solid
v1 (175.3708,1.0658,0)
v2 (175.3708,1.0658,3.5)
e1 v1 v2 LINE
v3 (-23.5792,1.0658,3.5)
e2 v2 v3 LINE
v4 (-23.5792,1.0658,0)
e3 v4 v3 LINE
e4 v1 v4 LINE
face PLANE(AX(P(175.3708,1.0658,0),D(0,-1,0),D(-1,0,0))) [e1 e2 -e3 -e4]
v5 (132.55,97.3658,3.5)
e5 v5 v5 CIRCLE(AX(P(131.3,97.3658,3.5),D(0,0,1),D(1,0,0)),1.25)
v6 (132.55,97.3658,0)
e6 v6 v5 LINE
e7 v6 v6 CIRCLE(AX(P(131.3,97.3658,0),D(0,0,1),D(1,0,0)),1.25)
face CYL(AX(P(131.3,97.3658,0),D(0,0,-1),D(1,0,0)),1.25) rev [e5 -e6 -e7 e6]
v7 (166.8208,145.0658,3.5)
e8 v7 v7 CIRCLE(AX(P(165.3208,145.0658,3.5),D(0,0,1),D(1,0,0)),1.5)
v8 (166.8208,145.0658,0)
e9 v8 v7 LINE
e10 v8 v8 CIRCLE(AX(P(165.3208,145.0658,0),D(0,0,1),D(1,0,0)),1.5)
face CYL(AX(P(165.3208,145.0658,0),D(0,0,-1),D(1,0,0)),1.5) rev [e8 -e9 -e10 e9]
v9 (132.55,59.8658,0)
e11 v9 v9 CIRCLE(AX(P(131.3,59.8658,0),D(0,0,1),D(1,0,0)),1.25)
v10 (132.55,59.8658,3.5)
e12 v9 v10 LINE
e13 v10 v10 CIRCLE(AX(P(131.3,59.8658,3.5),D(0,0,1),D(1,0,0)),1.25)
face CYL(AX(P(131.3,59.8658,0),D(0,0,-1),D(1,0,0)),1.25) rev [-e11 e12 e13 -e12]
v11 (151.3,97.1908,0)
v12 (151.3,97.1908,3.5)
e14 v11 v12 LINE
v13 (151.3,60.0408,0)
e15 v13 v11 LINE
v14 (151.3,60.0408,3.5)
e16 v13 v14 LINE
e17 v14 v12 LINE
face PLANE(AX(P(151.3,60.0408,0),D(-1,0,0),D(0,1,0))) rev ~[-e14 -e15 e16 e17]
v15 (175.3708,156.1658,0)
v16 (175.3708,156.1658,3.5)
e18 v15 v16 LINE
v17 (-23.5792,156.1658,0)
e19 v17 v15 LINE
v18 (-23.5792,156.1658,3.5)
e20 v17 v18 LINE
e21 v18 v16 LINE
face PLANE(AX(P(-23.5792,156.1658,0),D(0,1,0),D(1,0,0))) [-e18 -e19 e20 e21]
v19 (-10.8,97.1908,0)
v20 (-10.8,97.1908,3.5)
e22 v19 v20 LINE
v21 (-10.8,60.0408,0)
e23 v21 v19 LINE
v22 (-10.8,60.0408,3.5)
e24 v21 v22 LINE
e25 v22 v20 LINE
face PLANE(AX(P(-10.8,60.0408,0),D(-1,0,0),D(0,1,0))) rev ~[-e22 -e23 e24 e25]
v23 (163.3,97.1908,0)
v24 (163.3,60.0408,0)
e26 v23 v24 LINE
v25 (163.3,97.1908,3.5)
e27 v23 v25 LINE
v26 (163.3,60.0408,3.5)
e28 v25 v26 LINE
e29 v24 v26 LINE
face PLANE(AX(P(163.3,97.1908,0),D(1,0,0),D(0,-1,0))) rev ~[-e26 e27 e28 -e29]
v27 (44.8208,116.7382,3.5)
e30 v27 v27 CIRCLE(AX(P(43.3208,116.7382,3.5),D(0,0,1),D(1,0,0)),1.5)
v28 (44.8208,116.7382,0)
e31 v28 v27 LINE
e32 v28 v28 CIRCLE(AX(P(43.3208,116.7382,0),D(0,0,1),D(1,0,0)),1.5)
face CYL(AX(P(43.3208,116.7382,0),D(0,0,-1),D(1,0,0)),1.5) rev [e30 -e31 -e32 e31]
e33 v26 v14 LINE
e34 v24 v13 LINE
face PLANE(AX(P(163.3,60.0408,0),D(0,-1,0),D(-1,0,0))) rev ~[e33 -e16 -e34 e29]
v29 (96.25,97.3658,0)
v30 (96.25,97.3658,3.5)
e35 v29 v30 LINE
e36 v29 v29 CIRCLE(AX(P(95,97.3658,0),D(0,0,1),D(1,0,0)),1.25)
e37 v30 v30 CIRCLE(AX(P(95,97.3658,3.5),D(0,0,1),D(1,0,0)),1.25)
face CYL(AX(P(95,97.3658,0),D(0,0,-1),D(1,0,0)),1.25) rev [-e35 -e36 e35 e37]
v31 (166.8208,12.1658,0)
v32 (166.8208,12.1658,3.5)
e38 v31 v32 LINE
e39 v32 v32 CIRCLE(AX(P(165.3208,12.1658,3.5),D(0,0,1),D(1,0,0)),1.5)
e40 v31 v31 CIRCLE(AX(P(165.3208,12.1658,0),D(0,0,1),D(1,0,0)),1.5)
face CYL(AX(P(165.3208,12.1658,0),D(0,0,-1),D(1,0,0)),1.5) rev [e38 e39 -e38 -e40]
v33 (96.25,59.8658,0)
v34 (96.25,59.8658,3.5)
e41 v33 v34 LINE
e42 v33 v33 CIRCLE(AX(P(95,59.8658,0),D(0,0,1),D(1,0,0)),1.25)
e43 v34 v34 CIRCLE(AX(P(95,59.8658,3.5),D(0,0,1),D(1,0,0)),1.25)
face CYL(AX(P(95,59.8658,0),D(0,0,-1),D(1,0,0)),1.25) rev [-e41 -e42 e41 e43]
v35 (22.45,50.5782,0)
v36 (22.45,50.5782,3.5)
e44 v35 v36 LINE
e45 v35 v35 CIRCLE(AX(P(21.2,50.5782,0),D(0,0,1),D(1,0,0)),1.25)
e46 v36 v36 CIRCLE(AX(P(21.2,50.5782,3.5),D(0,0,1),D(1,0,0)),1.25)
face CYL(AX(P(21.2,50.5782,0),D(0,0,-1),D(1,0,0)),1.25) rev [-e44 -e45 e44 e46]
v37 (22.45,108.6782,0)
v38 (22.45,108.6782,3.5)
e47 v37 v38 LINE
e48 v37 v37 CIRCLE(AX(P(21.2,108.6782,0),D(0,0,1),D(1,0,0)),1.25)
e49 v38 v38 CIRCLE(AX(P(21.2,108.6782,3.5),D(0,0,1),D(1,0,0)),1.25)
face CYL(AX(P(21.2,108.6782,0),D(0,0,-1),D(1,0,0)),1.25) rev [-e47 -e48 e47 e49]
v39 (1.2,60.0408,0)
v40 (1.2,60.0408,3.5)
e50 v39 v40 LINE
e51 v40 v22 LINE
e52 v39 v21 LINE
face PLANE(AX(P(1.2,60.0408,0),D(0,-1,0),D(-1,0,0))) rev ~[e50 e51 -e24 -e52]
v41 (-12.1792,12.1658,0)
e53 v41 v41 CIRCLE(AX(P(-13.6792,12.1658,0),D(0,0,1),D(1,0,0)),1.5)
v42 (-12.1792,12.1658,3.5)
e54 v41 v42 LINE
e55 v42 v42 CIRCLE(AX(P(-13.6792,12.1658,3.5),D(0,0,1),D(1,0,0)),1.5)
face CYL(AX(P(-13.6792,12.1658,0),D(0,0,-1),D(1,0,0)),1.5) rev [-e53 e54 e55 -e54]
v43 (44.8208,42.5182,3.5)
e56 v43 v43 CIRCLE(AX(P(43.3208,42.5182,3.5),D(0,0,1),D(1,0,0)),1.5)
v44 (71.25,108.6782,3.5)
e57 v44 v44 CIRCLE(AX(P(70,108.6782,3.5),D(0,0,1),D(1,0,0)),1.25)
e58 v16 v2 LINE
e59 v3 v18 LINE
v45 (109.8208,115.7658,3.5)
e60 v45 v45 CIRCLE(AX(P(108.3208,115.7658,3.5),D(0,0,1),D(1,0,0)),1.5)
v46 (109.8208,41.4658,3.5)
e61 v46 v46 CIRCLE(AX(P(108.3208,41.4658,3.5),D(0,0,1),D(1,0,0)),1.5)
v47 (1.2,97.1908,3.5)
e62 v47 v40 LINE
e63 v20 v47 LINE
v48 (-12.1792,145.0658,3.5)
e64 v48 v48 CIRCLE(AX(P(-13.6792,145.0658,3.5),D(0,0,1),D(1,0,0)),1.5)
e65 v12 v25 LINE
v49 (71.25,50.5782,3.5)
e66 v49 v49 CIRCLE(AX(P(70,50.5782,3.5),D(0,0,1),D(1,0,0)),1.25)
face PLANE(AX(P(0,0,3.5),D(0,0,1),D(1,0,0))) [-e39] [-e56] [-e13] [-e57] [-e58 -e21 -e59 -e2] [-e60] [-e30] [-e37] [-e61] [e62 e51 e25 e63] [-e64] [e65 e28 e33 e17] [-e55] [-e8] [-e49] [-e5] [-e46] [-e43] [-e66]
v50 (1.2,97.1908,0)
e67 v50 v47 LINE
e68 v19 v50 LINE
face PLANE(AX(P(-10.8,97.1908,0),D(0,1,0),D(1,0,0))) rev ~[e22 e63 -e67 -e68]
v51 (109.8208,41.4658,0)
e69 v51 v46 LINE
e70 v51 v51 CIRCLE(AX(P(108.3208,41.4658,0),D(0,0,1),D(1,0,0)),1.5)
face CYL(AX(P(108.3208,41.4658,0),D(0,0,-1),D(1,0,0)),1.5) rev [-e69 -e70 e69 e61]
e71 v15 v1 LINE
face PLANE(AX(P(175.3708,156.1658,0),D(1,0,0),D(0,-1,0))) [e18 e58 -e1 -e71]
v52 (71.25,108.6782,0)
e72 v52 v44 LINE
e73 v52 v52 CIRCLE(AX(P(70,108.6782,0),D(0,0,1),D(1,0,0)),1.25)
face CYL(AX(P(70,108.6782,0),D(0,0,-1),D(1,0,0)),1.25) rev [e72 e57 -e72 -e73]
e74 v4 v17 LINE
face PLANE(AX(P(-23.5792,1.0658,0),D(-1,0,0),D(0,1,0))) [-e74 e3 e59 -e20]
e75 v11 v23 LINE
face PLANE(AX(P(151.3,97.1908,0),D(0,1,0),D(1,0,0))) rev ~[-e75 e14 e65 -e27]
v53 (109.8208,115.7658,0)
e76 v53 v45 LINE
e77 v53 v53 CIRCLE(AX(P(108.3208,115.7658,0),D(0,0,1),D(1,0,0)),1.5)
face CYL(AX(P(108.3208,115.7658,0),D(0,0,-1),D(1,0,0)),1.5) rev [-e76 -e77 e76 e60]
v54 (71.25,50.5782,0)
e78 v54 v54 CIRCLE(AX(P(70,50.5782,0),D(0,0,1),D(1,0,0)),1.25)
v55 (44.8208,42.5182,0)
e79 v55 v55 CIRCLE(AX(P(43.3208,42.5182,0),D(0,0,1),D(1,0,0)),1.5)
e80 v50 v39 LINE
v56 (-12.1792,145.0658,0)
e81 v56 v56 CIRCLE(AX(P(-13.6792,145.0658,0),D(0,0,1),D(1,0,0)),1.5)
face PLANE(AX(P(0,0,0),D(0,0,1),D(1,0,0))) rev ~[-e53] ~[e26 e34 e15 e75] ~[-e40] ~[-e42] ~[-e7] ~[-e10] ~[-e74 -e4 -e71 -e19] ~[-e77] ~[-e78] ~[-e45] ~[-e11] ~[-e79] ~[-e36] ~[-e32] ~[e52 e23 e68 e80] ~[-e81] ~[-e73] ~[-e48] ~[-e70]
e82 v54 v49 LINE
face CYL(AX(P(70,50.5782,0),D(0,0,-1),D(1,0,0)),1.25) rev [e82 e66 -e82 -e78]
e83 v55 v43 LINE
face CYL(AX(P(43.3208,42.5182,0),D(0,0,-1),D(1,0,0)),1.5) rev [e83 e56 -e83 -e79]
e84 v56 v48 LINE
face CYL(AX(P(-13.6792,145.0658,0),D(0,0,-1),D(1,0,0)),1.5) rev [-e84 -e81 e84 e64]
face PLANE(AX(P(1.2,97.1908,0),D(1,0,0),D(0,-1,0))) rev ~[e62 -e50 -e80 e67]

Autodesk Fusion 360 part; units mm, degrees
sketch "Sketch1" plane through (0, 0, 0) normal (0, 0, 1) x (1, 0, 0)
  circle A0 centre (-13.6792, 145.0658) radius 1.5
  circle A1 centre (165.3208, 145.0658) radius 1.5
  circle A2 centre (-13.6792, 12.1658) radius 1.5
  circle A3 centre (165.3208, 12.1658) radius 1.5
  circle A4 centre (43.3208, 42.5182) radius 1.5
  circle A5 centre (108.3208, 41.4658) radius 1.5
  circle A6 centre (43.3208, 116.7382) radius 1.5
  circle A7 centre (108.3208, 115.7658) radius 1.5
  line L0 (-23.5792, 156.1658) -> (175.3708, 156.1658)
  line L1 (175.3708, 156.1658) -> (175.3708, 1.0658)
  line L2 (175.3708, 1.0658) -> (-23.5792, 1.0658)
  line L3 (-23.5792, 1.0658) -> (-23.5792, 156.1658)
  circle A8 centre (21.2, 108.6782) radius 1.25
  circle A9 centre (70, 108.6782) radius 1.25
  circle A10 centre (21.2, 50.5782) radius 1.25
  circle A11 centre (70, 50.5782) radius 1.25
  circle A12 centre (95, 97.3658) radius 1.25
  circle A13 centre (131.3, 97.3658) radius 1.25
  circle A14 centre (95, 59.8658) radius 1.25
  circle A15 centre (131.3, 59.8658) radius 1.25
  line L4 (-10.8, 97.1908) -> (1.2, 97.1908)
  line L5 (1.2, 97.1908) -> (1.2, 60.0408)
  line L6 (1.2, 60.0408) -> (-10.8, 60.0408)
  line L7 (-10.8, 60.0408) -> (-10.8, 97.1908)
  line L8 (151.3, 97.1908) -> (163.3, 97.1908)
  line L9 (151.3, 60.0408) -> (151.3, 97.1908)
  line L10 (163.3, 60.0408) -> (151.3, 60.0408)
  line L11 (163.3, 97.1908) -> (163.3, 60.0408)
  dimension "d1" = 3
  dimension "d2" = 3
  dimension "d3" = 3
  dimension "d4" = 3
  dimension "d14" = 3
  dimension "d15" = 3
  dimension "d16" = 3
  dimension "d17" = 3
  dimension "d21" = 74.3
  dimension "d33" = 67.05
  dimension "d34" = 67.05
  dimension "d36" = 65
  dimension "d37" = 66.9
  dimension "d38" = 65
  dimension "d39" = 11.1
  dimension "d40" = 9.9
  dimension "d41" = 11.1
  dimension "d42" = 10.05
  dimension "d43" = 10.05
  dimension "d44" = 11.1
  dimension "d45" = 11.1
  dimension "d46" = 9.9
  dimension "d47" = 40.4
  dimension "d48" = 40.4
  dimension "d49" = 2.5
  dimension "d50" = 2.5
  dimension "d51" = 2.5
  dimension "d52" = 2.5
  dimension "d53" = 58.1
  dimension "d54" = 58.1
  dimension "d55" = 48.8
  dimension "d56" = 48.8
  dimension "d65" = 2.5
  dimension "d66" = 2.5
  dimension "d67" = 2.5
  dimension "d68" = 2.5
  dimension "d71" = 36.3
  dimension "d72" = 36.3
  dimension "d73" = 37.5
  dimension "d74" = 37.5
  dimension "d79" = 18.4
  dimension "d80" = 37.15
  dimension "d81" = 12
  dimension "d82" = 37.15
  dimension "d83" = 12
  dimension "d84" = 8.06
  dimension "d85" = 8.06
  dimension "d86" = 18.4
  dimension "d88" = 25
  dimension "d91" = 20
  dimension "d92" = 47.875
  dimension "d93" = 20
  dimension "d94" = 47.875
extrude "Extrude1" add sketch "Sketch1" along normal blind 3.5
